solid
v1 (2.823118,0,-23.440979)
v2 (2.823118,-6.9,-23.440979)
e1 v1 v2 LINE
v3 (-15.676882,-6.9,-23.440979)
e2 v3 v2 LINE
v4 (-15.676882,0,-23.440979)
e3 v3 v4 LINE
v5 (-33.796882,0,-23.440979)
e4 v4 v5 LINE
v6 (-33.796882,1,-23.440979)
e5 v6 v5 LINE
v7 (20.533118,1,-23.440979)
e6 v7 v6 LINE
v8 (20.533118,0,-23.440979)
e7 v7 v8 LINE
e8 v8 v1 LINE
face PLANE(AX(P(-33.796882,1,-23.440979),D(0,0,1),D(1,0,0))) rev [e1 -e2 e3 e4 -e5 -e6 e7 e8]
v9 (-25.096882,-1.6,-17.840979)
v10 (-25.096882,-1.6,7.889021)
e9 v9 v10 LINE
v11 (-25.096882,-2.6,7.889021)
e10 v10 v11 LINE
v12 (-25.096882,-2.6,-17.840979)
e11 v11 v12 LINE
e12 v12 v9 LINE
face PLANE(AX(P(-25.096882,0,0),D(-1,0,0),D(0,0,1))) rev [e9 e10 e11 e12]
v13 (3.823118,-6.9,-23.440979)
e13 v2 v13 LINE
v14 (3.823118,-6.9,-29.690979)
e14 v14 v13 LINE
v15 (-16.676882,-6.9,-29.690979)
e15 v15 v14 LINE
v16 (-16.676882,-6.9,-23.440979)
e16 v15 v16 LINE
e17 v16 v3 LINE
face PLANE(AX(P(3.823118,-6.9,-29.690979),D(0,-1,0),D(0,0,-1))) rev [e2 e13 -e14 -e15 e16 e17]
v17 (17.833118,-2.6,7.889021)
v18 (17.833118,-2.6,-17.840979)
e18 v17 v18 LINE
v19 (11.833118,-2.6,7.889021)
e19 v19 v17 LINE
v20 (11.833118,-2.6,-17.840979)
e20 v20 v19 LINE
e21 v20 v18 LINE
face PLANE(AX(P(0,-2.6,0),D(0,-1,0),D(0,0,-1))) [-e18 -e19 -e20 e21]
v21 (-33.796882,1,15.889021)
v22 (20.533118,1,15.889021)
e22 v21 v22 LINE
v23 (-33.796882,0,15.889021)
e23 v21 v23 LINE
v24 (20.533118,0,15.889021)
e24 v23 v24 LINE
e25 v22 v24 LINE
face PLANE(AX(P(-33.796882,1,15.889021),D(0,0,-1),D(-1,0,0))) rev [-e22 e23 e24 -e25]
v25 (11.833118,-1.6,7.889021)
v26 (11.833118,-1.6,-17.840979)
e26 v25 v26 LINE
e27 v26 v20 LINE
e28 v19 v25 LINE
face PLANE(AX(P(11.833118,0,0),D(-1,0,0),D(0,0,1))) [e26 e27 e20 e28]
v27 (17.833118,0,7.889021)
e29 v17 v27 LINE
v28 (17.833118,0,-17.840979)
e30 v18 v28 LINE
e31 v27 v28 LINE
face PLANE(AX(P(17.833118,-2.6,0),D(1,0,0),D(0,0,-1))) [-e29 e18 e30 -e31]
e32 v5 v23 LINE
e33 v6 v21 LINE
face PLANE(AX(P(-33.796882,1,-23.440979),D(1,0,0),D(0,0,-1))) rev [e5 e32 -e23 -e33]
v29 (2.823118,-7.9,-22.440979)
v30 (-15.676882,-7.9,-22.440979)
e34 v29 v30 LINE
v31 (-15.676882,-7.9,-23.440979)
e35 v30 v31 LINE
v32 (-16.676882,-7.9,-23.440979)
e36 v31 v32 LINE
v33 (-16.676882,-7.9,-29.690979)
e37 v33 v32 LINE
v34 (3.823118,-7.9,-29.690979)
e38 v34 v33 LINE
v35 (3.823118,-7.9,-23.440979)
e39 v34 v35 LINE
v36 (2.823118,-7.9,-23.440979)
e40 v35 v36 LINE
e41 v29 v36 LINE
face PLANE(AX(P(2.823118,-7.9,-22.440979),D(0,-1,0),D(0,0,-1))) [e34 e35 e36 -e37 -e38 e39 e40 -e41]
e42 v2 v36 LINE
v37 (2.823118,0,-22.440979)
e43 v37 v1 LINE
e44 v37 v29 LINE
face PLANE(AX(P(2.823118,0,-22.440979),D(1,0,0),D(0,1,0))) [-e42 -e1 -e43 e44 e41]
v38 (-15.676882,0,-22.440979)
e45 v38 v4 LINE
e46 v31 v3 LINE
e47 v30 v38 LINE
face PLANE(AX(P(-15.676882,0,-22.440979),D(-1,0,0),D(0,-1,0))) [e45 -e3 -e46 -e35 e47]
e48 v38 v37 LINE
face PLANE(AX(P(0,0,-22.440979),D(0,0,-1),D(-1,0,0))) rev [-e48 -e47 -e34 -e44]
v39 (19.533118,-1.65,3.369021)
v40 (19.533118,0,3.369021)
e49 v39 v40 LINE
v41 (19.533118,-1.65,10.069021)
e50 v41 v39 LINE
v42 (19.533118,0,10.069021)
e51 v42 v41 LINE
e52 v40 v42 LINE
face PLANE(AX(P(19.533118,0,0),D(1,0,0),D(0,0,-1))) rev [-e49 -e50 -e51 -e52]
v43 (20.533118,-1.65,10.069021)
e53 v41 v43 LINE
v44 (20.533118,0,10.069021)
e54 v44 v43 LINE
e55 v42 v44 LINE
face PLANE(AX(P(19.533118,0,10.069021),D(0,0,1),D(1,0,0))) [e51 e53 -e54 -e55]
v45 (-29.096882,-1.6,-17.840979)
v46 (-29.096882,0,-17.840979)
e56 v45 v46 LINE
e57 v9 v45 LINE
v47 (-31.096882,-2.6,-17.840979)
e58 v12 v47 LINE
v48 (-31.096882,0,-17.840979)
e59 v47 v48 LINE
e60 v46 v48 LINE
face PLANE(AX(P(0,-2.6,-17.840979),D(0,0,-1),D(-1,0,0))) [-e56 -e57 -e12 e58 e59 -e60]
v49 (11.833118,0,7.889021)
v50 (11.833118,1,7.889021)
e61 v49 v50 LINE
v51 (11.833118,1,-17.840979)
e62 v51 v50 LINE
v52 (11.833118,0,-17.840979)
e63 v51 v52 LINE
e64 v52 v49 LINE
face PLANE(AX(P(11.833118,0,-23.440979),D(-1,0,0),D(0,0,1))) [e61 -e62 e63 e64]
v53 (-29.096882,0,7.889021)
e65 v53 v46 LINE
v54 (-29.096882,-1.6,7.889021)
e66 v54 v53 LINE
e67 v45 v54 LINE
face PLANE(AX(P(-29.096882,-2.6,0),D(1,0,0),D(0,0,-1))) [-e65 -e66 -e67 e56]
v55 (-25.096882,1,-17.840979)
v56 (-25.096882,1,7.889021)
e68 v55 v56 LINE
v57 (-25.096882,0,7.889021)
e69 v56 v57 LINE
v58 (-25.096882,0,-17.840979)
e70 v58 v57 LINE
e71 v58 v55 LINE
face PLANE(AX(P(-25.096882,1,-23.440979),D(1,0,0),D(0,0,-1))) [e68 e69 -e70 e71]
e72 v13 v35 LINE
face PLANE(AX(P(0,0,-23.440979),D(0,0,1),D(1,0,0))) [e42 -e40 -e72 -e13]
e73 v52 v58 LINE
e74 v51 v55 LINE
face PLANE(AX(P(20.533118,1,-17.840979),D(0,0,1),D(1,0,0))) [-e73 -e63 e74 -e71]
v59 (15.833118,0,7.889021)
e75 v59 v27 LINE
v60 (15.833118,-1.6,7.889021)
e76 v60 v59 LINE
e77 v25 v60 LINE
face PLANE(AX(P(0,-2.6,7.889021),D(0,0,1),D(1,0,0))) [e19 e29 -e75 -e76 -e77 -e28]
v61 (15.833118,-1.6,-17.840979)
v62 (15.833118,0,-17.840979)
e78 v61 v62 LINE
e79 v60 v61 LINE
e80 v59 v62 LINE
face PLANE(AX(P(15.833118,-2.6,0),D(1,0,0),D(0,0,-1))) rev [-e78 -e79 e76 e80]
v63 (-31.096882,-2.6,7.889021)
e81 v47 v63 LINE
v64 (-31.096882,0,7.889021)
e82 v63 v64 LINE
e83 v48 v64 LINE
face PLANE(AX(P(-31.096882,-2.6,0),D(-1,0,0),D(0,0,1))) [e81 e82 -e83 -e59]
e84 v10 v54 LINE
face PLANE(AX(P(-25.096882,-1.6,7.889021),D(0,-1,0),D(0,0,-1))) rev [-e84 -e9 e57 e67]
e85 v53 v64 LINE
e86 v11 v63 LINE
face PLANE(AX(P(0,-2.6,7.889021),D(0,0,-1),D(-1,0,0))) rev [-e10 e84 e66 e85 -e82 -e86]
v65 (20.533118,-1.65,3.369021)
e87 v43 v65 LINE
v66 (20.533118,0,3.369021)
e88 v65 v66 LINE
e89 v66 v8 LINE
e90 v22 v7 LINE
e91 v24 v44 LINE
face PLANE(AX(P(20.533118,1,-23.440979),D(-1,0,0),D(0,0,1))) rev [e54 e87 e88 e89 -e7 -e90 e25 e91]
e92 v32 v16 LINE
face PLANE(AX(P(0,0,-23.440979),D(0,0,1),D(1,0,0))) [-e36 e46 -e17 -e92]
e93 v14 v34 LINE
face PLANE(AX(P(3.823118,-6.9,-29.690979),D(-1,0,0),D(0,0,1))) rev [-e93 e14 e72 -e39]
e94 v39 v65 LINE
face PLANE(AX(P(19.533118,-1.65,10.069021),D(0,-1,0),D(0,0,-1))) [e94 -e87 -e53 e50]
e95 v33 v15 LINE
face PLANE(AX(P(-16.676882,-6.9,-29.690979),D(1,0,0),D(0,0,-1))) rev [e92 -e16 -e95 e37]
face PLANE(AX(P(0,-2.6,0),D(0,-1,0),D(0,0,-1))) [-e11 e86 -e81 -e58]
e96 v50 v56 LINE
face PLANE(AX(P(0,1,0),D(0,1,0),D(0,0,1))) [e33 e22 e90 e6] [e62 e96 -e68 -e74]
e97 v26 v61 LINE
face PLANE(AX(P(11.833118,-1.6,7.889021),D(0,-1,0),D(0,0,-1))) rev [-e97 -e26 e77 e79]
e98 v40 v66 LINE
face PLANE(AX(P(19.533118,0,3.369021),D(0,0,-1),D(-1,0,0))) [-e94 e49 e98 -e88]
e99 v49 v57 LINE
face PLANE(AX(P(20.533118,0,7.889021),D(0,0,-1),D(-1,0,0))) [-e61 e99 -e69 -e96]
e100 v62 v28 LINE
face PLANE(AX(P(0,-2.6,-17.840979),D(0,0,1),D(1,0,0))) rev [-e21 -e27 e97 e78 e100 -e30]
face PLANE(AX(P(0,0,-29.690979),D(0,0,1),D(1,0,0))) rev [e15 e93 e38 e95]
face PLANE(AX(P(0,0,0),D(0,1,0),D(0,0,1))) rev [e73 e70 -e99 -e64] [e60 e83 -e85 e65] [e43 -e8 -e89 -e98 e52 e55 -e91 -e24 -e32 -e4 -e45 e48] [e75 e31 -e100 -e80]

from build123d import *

# Parameters (mm, degrees)
SKETCH1_W            = 54.33
SKETCH1_H            = 39.33
BOSS_EXTRUDE1_DEPTH  = 1
SKETCH2_W            = 6.7
SKETCH2_H            = 1.65
BOSS_EXTRUDE2_DEPTH  = 1
SKETCH3_W            = 20.51
SKETCH3_H            = 4.6
BOSS_EXTRUDE3_DEPTH  = 1
SKETCH5_W            = 50.087359313
SKETCH5_H            = 35.087359313
CUT_EXTRUDE1_DEPTH   = 11
SKETCH6_W            = 18.5
SKETCH6_H            = 7.9
BOSS_EXTRUDE5_DEPTH  = 1
SKETCH7_W            = 20.51
SKETCH7_H            = 1
CUT_EXTRUDE3_DEPTH   = 4.6
SKETCH10_W           = 8
SKETCH10_H           = 1
SKETCH10_W_2         = 5.6
BOSS_EXTRUDE8_DEPTH  = 54.33
SKETCH11_W           = 8.7
SKETCH11_H           = 1
BOSS_EXTRUDE9_DEPTH  = 39.33
SKETCH12_W           = 20.5
SKETCH12_H           = 1
BOSS_EXTRUDE10_DEPTH = 6.25
SKETCH13_W           = 2
SKETCH13_H           = 25.73
BOSS_EXTRUDE14_DEPTH = 2.6
SKETCH16_W           = 25.73
SKETCH16_H           = 1
BOSS_EXTRUDE15_DEPTH = 4
SKETCH17_W           = 25.73
SKETCH17_H           = 1
BOSS_EXTRUDE16_DEPTH = 4


with BuildPart() as part:
    # Sketch1 → Boss-Extrude1 (new body)
    with BuildSketch(Plane(origin=(0, 0, 0), x_dir=(1, 0, 0), z_dir=(0, 1, 0))):
        with Locations((-6.631882129, 3.775979087)):
            Rectangle(SKETCH1_W, SKETCH1_H)
    extrude(amount=BOSS_EXTRUDE1_DEPTH)

    # Sketch2 → Boss-Extrude2 (add)
    with BuildSketch(Plane(origin=(20.533117871, 0, 0), x_dir=(0, 0, -1), z_dir=(1, 0, 0))):
        with Locations((-6.719020913, -0.825)):
            Rectangle(SKETCH2_W, SKETCH2_H)
    extrude(amount=-BOSS_EXTRUDE2_DEPTH)

    # Sketch3 → Boss-Extrude3 (add)
    with BuildSketch(Plane.XY.offset(15.889020913)):
        with Locations((-6.431882129, -2.3)):
            Rectangle(SKETCH3_W, SKETCH3_H)
    extrude(amount=-BOSS_EXTRUDE3_DEPTH)

    # Sketch5 → Cut-Extrude1 (cut)
    with BuildSketch(Plane(origin=(0, 1, 0), x_dir=(1, 0, 0), z_dir=(0, 1, 0))):
        with Locations((-6.63188213, 3.775979088)):
            Rectangle(SKETCH5_W, SKETCH5_H)
    extrude(amount=-CUT_EXTRUDE1_DEPTH, mode=Mode.SUBTRACT)

    # Sketch6 → Boss-Extrude5 (add)
    with BuildSketch(Plane(origin=(0, 0, -23.440979087), x_dir=(-1, 0, 0), z_dir=(0, 0, -1))):
        with Locations((6.426882129, -3.95)):
            Rectangle(SKETCH6_W, SKETCH6_H)
    extrude(amount=-BOSS_EXTRUDE5_DEPTH)

    # Sketch7 → Cut-Extrude3 (cut)
    with BuildSketch(Plane.XZ.offset(4.6)):
        with Locations((-6.431882129, 15.389020913)):
            Rectangle(SKETCH7_W, SKETCH7_H)
    extrude(amount=-CUT_EXTRUDE3_DEPTH, mode=Mode.SUBTRACT)

    # Sketch10 → Boss-Extrude8 (add)
    with BuildSketch(Plane.ZY.offset(33.796882129)):
        with Locations((11.889020913, 0.5)):
            Rectangle(SKETCH10_W, SKETCH10_H)
        with Locations((-20.640979087, 0.5)):
            Rectangle(SKETCH10_W_2, SKETCH10_H)
    extrude(amount=-BOSS_EXTRUDE8_DEPTH)

    # Sketch11 → Boss-Extrude9 (add)
    with BuildSketch(Plane.XY.offset(15.889020913)):
        with Locations((16.183117871, 0.5)):
            Rectangle(SKETCH11_W, SKETCH11_H)
        with Locations((-29.446882129, 0.5)):
            Rectangle(SKETCH11_W, SKETCH11_H)
    extrude(amount=-BOSS_EXTRUDE9_DEPTH)

    # Sketch12 → Boss-Extrude10 (add)
    with BuildSketch(Plane(origin=(0, 0, -23.440979087), x_dir=(-1, 0, 0), z_dir=(0, 0, -1))):
        with Locations((6.426882129, -7.4)):
            Rectangle(SKETCH12_W, SKETCH12_H)
    extrude(amount=BOSS_EXTRUDE10_DEPTH)

    # Sketch13 → Boss-Extrude14 (add)
    with BuildSketch(Plane.XZ):
        with Locations((16.833117871, -4.975979087)):
            Rectangle(SKETCH13_W, SKETCH13_H)
        with Locations((-30.096882129, -4.975979087)):
            Rectangle(SKETCH13_W, SKETCH13_H)
    extrude(amount=BOSS_EXTRUDE14_DEPTH)

    # Sketch16 → Boss-Extrude15 (add)
    with BuildSketch(Plane.ZY.offset(-15.833117871)):
        with Locations((-4.975979087, -2.1)):
            Rectangle(SKETCH16_W, SKETCH16_H)
    extrude(amount=BOSS_EXTRUDE15_DEPTH)

    # Sketch17 → Boss-Extrude16 (add)
    with BuildSketch(Plane(origin=(-29.096882129, 0, 0), x_dir=(0, 0, -1), z_dir=(1, 0, 0))):
        with Locations((4.975979087, -2.1)):
            Rectangle(SKETCH17_W, SKETCH17_H)
    extrude(amount=BOSS_EXTRUDE16_DEPTH)


solid = part.part
